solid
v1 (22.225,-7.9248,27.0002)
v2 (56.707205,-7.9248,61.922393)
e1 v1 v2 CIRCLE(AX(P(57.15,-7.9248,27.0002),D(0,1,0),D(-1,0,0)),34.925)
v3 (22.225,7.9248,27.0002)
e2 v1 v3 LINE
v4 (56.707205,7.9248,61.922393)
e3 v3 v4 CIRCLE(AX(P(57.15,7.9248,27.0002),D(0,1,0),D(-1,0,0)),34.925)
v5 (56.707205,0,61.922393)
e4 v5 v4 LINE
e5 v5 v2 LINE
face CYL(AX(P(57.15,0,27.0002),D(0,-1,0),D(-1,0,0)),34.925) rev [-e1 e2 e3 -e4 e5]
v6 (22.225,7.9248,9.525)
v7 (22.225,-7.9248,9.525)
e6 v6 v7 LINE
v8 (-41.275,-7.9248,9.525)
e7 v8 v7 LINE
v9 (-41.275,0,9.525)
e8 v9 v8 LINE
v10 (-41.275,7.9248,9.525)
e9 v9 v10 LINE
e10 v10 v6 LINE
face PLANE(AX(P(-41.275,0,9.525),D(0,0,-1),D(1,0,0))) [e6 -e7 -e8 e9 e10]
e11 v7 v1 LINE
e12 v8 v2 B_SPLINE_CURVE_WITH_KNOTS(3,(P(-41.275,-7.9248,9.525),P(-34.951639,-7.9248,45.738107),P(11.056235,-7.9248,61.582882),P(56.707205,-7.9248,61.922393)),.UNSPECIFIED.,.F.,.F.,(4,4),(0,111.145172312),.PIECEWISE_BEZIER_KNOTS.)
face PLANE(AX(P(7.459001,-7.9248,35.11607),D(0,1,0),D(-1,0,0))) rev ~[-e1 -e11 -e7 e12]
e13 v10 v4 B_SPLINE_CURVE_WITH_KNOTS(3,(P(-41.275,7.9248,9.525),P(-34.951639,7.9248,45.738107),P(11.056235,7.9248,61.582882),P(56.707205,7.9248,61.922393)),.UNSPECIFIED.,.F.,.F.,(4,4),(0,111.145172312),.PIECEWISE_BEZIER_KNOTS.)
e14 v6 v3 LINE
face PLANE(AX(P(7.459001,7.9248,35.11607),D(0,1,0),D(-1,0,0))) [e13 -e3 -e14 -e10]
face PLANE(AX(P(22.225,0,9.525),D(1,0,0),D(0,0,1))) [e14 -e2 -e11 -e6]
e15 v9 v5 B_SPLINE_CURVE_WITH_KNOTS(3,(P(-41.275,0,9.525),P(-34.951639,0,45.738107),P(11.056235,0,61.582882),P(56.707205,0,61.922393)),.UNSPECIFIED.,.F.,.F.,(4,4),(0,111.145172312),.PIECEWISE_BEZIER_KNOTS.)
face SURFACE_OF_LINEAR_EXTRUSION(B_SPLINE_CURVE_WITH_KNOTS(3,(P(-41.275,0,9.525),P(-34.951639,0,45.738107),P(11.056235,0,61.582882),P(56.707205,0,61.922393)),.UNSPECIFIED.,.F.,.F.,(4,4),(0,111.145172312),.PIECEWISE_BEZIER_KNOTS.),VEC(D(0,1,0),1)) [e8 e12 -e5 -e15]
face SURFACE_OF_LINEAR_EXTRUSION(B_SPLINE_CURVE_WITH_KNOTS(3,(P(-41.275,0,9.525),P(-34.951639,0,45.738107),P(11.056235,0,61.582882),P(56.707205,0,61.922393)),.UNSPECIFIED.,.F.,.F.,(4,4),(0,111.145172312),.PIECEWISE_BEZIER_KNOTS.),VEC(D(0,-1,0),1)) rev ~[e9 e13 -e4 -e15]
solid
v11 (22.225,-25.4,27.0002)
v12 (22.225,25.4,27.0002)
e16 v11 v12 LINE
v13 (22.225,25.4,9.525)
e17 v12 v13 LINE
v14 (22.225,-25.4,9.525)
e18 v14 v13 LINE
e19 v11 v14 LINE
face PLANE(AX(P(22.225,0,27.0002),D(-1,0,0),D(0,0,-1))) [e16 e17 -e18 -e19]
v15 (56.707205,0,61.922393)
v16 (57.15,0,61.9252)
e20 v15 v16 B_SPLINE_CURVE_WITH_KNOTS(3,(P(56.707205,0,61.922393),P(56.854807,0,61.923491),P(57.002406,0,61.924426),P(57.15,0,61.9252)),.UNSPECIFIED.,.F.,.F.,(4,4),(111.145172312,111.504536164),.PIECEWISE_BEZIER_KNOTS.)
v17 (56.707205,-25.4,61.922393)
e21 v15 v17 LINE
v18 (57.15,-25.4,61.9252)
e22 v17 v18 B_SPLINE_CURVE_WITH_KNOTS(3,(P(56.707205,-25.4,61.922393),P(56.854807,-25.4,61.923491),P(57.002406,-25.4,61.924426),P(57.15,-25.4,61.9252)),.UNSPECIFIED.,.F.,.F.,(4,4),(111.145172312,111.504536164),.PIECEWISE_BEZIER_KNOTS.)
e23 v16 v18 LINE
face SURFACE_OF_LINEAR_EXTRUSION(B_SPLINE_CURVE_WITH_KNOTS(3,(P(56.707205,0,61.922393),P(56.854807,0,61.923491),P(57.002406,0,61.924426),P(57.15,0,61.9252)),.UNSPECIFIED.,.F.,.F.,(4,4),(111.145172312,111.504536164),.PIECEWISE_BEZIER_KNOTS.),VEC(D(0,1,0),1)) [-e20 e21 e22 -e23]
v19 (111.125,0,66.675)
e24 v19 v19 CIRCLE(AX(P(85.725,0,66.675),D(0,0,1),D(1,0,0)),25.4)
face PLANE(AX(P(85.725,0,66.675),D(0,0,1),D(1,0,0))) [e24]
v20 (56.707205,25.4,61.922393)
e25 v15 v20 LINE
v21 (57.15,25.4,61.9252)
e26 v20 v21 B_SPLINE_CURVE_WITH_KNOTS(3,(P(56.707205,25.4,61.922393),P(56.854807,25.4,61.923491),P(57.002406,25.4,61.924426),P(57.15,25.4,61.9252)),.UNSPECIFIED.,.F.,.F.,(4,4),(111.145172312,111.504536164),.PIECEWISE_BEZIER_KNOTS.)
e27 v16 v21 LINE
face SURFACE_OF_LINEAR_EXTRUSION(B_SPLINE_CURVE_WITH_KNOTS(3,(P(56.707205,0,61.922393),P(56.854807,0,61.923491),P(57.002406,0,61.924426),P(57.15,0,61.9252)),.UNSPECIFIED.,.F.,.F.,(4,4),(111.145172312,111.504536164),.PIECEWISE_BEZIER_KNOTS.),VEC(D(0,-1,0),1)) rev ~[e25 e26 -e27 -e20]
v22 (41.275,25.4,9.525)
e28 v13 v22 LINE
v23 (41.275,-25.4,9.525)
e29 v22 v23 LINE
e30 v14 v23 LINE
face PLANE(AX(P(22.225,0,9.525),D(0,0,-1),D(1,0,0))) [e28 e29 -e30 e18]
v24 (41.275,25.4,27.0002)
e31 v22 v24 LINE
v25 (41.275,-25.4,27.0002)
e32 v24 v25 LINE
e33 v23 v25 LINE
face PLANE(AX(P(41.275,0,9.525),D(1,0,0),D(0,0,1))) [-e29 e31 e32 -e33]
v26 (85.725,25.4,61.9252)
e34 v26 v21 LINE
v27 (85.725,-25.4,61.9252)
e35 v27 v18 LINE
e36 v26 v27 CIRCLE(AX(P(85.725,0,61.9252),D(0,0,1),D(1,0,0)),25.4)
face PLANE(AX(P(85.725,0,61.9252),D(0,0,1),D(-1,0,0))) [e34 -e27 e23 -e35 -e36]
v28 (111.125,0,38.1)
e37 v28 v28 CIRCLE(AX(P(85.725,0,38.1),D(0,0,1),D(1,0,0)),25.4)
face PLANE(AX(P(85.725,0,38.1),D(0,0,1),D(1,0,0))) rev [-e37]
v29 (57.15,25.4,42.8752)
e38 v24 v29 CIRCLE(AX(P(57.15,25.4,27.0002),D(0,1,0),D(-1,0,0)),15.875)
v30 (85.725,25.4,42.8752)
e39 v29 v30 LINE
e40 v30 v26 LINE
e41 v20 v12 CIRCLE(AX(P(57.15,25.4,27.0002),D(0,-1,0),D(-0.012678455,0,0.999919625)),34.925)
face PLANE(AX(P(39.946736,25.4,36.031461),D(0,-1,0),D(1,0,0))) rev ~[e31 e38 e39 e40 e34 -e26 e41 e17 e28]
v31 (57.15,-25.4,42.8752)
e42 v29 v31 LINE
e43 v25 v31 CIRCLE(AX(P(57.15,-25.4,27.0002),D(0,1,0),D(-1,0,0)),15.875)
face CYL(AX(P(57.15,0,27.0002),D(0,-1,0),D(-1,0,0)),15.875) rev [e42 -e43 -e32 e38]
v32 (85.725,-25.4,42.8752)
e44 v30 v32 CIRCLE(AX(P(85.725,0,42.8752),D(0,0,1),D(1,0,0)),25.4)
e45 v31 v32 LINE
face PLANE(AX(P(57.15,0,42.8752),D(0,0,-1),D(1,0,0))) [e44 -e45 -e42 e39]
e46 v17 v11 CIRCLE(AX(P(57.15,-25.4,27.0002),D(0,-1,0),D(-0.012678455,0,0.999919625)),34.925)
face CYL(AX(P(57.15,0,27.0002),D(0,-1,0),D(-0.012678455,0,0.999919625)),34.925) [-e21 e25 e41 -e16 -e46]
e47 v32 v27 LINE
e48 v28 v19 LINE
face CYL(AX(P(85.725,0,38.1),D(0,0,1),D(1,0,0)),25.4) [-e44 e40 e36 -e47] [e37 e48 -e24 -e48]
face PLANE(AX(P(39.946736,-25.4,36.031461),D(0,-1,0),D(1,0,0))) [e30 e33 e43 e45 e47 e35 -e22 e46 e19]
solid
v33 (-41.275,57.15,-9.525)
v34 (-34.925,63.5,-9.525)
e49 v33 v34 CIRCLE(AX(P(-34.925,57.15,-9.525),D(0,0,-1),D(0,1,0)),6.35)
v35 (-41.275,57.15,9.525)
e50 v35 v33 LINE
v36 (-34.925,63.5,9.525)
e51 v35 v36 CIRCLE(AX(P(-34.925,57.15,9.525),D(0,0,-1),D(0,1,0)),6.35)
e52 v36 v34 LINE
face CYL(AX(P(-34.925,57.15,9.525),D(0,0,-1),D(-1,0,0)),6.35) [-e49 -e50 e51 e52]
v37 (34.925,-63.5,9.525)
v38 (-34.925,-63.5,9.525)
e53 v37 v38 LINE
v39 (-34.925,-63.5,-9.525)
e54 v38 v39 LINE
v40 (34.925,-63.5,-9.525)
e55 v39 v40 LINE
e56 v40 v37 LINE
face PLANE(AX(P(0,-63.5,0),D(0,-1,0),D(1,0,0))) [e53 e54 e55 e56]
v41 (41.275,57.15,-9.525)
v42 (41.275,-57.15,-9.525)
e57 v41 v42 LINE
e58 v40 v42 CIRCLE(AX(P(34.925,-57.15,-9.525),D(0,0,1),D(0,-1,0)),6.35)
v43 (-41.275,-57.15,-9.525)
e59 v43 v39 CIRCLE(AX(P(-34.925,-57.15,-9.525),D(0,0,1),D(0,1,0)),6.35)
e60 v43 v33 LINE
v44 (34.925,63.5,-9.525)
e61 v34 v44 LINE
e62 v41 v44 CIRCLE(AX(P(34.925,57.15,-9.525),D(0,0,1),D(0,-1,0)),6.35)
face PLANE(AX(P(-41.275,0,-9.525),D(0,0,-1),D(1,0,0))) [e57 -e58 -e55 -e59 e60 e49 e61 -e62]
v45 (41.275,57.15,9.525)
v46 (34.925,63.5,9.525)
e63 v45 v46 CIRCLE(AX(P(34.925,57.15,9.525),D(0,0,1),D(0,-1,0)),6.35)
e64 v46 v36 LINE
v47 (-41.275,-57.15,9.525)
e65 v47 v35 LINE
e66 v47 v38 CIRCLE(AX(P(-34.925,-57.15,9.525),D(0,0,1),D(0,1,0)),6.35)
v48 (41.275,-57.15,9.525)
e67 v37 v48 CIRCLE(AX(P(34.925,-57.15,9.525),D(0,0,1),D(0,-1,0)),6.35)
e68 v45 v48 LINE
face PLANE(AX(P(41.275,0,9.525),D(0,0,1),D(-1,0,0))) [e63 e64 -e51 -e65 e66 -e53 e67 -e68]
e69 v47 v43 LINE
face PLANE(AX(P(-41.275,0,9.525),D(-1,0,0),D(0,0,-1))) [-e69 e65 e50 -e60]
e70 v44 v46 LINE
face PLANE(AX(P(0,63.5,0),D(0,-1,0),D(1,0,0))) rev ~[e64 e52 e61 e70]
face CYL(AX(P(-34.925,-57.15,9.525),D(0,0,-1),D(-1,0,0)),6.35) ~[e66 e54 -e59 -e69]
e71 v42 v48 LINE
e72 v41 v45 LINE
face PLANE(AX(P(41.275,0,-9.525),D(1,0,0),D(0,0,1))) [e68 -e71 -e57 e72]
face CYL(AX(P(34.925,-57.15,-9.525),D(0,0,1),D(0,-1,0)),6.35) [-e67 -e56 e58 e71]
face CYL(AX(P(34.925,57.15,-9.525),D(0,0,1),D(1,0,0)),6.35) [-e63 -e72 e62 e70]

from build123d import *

# Parameters (mm, degrees)
F1_DEPTH = 63.5
F0_W     = 25.4
F0_H     = 19.05
F2_DEPTH = 25.4
F3_DEPTH = 7.9248
F5_R     = 6.35


with BuildPart() as f1:
    # F0 (on Front) → F1 (new body, symmetric)
    with BuildSketch(Plane.XZ):
        Polygon((-41.275, -9.525), (41.275, -9.525), (41.275, 9.525), (22.225, 9.525), (-41.275, 9.525), align=None)
    extrude(amount=F1_DEPTH, both=True)

    # F5
    f5_edges = [f1.edges().sort_by_distance(p)[0] for p in [
        (-41.275, -63.5, 0),
        (41.275, -63.5, 0),
        (41.275, 63.5, 0),
        (-41.275, 63.5, 0),
    ]]
    fillet(f5_edges, radius=F5_R)


with BuildPart() as f2:
    # F0 (on Front) → F2 (new body, symmetric)
    with BuildSketch(Plane.XZ):
        with BuildLine():
            Line((22.225, 9.525), (41.275, 9.525))
            Line((41.275, 9.525), (41.275, 27.0002))
            ThreePointArc((41.275, 27.0002), (45.9246798487, 38.2255201513), (57.15, 42.8752))
            Line((57.15, 42.8752), (60.325, 42.8752))
            Line((60.325, 42.8752), (60.325, 61.9252))
            Line((60.325, 61.9252), (57.15, 61.9252))
            add(Edge.make_bspline(
                [(56.7072049676, 61.9223929088), (56.854807494, 61.923490645), (57.0024062893, 61.9244262873), (57.15, 61.9252)],
                knots=[111.1451723122, 111.1451723122, 111.1451723122, 111.1451723122, 111.5045361635, 111.5045361635, 111.5045361635, 111.5045361635], degree=3))
            ThreePointArc((56.7072049676, 61.9223929088), (32.2982370695, 51.5388532688), (22.225, 27.0002))
            Line((22.225, 27.0002), (22.225, 9.525))
        make_face()
        with Locations((73.025, 52.4002)):
            Rectangle(F0_W, F0_H)
    extrude(amount=F2_DEPTH, both=True)

    # F0 (on Front) → F4 (revolve)
    with BuildSketch(Plane.XZ):
        Polygon((85.725, 61.9252), (85.725, 42.8752), (85.725, 38.1), (111.125, 38.1), (111.125, 66.675), (85.725, 66.675), align=None)
    revolve(axis=Axis((85.725, 0, 52.3875), (0, 0, 1)))


with BuildPart() as f3:
    # F0 (on Front) → F3 (new body, symmetric)
    with BuildSketch(Plane.XZ):
        with BuildLine():
            add(Edge.make_bspline(
                [(-41.275, 9.525), (-34.9516392551, 45.7381070887), (11.0562354186, 61.5828816371), (56.7072049676, 61.9223929088)],
                knots=[0, 0, 0, 0, 111.1451723122, 111.1451723122, 111.1451723122, 111.1451723122], degree=3))
            Line((-41.275, 9.525), (22.225, 9.525))
            Line((22.225, 9.525), (22.225, 27.0002))
            ThreePointArc((22.225, 27.0002), (32.2982370695, 51.5388532688), (56.7072049676, 61.9223929088))
        make_face()
    extrude(amount=F3_DEPTH, both=True)


solid = Compound([f1.part, f2.part, f3.part])
